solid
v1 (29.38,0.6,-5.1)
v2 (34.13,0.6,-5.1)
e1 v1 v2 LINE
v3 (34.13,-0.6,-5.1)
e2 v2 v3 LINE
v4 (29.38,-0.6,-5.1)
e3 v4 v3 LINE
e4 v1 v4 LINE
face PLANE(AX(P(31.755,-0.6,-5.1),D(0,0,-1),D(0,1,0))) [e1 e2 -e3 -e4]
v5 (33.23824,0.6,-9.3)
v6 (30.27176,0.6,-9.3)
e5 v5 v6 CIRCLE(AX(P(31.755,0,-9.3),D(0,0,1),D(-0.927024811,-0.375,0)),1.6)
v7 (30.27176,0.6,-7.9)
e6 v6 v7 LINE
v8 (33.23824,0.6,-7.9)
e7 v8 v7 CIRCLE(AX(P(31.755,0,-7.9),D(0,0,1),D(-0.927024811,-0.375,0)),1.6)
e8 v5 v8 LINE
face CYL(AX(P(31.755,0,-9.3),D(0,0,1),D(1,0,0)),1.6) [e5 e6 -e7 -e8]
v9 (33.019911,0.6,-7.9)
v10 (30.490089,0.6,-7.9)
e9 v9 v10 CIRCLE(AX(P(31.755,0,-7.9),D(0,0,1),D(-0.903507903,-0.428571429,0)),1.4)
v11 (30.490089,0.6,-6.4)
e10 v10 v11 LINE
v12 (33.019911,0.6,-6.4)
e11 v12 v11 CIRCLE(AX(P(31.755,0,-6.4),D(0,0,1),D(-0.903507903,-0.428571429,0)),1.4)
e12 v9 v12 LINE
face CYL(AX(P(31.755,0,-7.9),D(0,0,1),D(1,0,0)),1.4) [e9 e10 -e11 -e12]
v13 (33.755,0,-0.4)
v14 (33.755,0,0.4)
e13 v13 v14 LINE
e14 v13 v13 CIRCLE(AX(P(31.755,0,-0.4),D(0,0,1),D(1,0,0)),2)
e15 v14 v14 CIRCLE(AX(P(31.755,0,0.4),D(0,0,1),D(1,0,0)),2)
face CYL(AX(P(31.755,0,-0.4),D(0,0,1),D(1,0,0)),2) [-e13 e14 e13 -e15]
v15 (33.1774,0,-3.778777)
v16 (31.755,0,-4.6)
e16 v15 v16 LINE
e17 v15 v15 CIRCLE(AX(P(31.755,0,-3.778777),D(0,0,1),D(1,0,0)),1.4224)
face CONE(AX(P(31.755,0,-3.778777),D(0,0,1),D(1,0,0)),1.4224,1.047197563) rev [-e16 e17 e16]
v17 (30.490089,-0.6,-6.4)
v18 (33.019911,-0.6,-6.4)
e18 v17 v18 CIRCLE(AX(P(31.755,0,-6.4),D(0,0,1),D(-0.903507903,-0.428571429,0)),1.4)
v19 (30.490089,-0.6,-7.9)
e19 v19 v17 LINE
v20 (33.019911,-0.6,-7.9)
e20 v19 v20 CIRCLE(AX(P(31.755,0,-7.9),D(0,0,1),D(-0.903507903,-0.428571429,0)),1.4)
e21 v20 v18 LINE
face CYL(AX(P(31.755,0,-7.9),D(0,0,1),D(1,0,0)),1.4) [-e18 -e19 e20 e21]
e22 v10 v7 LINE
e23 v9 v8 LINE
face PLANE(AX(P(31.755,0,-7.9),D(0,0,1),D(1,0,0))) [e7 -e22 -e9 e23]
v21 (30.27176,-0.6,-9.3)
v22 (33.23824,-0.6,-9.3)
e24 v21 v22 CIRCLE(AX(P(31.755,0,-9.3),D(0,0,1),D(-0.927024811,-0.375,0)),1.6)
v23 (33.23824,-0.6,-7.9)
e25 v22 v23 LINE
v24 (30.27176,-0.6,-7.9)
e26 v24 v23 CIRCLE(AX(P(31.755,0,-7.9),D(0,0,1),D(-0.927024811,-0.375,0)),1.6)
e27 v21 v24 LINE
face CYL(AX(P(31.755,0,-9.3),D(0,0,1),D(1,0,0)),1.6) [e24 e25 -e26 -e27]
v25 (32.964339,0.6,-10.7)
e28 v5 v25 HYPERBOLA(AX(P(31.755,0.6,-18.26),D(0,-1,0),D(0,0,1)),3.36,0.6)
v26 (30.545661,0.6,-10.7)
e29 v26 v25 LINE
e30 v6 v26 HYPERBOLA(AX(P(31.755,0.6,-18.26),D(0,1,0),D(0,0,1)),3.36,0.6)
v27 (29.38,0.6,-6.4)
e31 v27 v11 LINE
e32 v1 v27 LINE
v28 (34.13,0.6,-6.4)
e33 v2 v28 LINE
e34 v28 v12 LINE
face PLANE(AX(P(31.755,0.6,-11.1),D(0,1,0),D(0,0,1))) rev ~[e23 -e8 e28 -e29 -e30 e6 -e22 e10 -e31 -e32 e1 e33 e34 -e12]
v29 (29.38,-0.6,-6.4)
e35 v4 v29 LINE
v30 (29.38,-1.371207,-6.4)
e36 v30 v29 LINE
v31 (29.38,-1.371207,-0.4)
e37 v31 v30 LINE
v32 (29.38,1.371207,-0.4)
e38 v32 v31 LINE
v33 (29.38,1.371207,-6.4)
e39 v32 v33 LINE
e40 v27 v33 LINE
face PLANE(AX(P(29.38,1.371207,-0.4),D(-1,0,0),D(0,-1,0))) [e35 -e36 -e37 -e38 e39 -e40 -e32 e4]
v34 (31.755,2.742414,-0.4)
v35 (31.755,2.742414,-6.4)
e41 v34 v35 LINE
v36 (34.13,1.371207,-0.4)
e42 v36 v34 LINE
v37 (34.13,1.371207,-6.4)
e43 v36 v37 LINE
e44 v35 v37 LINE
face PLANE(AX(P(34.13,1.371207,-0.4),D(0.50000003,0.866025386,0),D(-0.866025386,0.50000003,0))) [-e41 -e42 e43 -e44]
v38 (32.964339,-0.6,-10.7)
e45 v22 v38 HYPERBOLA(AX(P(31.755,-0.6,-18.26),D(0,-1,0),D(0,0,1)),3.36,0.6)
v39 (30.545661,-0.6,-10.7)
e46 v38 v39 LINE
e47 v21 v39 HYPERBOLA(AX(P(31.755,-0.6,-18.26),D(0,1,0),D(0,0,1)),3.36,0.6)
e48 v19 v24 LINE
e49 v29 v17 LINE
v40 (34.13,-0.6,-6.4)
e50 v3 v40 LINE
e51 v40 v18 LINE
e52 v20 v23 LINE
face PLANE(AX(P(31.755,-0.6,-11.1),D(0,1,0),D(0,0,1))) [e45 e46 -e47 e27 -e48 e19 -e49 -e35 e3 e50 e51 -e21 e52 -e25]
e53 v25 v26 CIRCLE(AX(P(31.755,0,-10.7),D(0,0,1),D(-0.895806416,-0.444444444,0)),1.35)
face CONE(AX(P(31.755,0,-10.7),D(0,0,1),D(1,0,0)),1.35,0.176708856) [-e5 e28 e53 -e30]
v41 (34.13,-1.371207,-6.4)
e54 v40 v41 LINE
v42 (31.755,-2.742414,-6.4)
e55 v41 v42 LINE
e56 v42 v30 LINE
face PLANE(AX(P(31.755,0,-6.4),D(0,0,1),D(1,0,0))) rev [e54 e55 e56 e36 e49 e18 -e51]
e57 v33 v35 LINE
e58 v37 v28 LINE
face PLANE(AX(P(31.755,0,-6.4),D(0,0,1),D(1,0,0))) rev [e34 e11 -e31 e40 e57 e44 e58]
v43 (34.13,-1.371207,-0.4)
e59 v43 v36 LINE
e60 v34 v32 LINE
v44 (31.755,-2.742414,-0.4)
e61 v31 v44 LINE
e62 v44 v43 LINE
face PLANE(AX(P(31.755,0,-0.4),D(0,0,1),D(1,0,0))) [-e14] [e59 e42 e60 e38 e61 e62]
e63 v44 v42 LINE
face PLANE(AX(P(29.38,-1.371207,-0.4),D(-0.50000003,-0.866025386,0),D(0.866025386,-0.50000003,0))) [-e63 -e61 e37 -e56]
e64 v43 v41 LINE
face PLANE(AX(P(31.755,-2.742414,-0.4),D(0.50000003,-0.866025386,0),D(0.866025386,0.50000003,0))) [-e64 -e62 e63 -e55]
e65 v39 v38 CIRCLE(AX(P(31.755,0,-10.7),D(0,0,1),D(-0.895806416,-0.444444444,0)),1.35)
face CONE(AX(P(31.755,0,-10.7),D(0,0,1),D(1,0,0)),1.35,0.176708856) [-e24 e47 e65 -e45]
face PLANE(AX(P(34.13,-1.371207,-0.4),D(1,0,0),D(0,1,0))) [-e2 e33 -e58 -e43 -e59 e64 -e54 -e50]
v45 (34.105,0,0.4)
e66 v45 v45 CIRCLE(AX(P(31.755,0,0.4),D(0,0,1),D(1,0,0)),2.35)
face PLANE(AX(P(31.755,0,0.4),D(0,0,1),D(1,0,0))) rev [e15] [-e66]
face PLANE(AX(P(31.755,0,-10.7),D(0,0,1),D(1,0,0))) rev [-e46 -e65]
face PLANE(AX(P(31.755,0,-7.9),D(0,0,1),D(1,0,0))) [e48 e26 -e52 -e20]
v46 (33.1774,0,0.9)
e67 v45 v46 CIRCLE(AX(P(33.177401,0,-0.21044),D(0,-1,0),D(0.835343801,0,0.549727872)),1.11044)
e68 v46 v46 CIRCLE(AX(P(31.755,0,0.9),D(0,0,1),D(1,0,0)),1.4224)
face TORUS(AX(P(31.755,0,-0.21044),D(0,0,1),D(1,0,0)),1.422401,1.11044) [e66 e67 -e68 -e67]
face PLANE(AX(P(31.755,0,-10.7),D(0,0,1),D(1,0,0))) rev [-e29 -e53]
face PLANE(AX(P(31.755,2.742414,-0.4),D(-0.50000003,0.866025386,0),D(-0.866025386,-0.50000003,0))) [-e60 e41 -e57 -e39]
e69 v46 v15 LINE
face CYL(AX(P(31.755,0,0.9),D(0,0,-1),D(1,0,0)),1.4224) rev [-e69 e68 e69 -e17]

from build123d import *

# Parameters (mm, degrees)
SKETCH010_R          = 4.679612
POCKET005_DEPTH      = 10.301
SKETCH011_W          = 1.2
SKETCH011_H          = 6
POCKET006_DEPTH      = 2.376
POCKET006_DEPTH_BACK = 2.376


with BuildPart() as part:
    # Sketch009 → Revolution (revolve)
    with BuildSketch(Plane.XZ):
        with BuildLine():
            Line((1.4224, 0.5), (1.4224, -4.178777))
            Line((1.4224, -4.178777), (0, -5))
            Line((0, -5), (0, -11.1))
            Line((0, -11.1), (1.35, -11.1))
            Line((1.35, -11.1), (1.6, -9.7))
            Line((1.6, -9.7), (1.6, -8.3))
            Line((1.6, -8.3), (1.4, -8.3))
            Line((1.4, -8.3), (1.4, -6.8))
            Line((1.4, -6.8), (4, -6.8))
            Line((4, -6.8), (4, -0.8))
            Line((4, -0.8), (2, -0.8))
            Line((2, -0.8), (2, 0))
            Line((2, 0), (2.35, 0))
            ThreePointArc((2.35, 0), (1.949288, 0.36704), (1.4224, 0.5))
        make_face()
    revolve(axis=Axis((0, 0, 0), (0, 0, 1)))

    # Sketch010 (on Face10 of Revolution) → Pocket005 (cut, through all)
    with BuildSketch(Plane(origin=(0, 0, -0.8), x_dir=(-1, 0, 0), z_dir=(0, 0, 1))):
        Circle(SKETCH010_R)
        Polygon((0, 2.742414), (-2.375, 1.371207), (-2.375, -1.371207), (0, -2.742414), (2.375, -1.371207), (2.375, 1.371207), align=None, mode=Mode.SUBTRACT)
    extrude(amount=-POCKET005_DEPTH, mode=Mode.SUBTRACT)

    # Sketch011 → Pocket006 (cut, two sides)
    with BuildSketch(Plane.YZ) as pocket006_sk:
        with Locations((0, -8.5)):
            Rectangle(SKETCH011_W, SKETCH011_H)
    extrude(amount=-POCKET006_DEPTH, mode=Mode.SUBTRACT)
    extrude(pocket006_sk.sketch, amount=POCKET006_DEPTH_BACK, mode=Mode.SUBTRACT)


with BuildPart() as part_1:
    # Body002 placement: moved
    add(part.part.moved(Location((-31.755, 0, 0.4))))


with BuildPart() as part_2:
    # Clone placement: moved
    add(part_1.part.moved(Location((31.755, 0, -0.4))))


with BuildPart() as part_3:
    # Body003 placement: moved
    add(part_2.part.moved(Location((31.755, 0, 0.4))))


solid = part_3.part
